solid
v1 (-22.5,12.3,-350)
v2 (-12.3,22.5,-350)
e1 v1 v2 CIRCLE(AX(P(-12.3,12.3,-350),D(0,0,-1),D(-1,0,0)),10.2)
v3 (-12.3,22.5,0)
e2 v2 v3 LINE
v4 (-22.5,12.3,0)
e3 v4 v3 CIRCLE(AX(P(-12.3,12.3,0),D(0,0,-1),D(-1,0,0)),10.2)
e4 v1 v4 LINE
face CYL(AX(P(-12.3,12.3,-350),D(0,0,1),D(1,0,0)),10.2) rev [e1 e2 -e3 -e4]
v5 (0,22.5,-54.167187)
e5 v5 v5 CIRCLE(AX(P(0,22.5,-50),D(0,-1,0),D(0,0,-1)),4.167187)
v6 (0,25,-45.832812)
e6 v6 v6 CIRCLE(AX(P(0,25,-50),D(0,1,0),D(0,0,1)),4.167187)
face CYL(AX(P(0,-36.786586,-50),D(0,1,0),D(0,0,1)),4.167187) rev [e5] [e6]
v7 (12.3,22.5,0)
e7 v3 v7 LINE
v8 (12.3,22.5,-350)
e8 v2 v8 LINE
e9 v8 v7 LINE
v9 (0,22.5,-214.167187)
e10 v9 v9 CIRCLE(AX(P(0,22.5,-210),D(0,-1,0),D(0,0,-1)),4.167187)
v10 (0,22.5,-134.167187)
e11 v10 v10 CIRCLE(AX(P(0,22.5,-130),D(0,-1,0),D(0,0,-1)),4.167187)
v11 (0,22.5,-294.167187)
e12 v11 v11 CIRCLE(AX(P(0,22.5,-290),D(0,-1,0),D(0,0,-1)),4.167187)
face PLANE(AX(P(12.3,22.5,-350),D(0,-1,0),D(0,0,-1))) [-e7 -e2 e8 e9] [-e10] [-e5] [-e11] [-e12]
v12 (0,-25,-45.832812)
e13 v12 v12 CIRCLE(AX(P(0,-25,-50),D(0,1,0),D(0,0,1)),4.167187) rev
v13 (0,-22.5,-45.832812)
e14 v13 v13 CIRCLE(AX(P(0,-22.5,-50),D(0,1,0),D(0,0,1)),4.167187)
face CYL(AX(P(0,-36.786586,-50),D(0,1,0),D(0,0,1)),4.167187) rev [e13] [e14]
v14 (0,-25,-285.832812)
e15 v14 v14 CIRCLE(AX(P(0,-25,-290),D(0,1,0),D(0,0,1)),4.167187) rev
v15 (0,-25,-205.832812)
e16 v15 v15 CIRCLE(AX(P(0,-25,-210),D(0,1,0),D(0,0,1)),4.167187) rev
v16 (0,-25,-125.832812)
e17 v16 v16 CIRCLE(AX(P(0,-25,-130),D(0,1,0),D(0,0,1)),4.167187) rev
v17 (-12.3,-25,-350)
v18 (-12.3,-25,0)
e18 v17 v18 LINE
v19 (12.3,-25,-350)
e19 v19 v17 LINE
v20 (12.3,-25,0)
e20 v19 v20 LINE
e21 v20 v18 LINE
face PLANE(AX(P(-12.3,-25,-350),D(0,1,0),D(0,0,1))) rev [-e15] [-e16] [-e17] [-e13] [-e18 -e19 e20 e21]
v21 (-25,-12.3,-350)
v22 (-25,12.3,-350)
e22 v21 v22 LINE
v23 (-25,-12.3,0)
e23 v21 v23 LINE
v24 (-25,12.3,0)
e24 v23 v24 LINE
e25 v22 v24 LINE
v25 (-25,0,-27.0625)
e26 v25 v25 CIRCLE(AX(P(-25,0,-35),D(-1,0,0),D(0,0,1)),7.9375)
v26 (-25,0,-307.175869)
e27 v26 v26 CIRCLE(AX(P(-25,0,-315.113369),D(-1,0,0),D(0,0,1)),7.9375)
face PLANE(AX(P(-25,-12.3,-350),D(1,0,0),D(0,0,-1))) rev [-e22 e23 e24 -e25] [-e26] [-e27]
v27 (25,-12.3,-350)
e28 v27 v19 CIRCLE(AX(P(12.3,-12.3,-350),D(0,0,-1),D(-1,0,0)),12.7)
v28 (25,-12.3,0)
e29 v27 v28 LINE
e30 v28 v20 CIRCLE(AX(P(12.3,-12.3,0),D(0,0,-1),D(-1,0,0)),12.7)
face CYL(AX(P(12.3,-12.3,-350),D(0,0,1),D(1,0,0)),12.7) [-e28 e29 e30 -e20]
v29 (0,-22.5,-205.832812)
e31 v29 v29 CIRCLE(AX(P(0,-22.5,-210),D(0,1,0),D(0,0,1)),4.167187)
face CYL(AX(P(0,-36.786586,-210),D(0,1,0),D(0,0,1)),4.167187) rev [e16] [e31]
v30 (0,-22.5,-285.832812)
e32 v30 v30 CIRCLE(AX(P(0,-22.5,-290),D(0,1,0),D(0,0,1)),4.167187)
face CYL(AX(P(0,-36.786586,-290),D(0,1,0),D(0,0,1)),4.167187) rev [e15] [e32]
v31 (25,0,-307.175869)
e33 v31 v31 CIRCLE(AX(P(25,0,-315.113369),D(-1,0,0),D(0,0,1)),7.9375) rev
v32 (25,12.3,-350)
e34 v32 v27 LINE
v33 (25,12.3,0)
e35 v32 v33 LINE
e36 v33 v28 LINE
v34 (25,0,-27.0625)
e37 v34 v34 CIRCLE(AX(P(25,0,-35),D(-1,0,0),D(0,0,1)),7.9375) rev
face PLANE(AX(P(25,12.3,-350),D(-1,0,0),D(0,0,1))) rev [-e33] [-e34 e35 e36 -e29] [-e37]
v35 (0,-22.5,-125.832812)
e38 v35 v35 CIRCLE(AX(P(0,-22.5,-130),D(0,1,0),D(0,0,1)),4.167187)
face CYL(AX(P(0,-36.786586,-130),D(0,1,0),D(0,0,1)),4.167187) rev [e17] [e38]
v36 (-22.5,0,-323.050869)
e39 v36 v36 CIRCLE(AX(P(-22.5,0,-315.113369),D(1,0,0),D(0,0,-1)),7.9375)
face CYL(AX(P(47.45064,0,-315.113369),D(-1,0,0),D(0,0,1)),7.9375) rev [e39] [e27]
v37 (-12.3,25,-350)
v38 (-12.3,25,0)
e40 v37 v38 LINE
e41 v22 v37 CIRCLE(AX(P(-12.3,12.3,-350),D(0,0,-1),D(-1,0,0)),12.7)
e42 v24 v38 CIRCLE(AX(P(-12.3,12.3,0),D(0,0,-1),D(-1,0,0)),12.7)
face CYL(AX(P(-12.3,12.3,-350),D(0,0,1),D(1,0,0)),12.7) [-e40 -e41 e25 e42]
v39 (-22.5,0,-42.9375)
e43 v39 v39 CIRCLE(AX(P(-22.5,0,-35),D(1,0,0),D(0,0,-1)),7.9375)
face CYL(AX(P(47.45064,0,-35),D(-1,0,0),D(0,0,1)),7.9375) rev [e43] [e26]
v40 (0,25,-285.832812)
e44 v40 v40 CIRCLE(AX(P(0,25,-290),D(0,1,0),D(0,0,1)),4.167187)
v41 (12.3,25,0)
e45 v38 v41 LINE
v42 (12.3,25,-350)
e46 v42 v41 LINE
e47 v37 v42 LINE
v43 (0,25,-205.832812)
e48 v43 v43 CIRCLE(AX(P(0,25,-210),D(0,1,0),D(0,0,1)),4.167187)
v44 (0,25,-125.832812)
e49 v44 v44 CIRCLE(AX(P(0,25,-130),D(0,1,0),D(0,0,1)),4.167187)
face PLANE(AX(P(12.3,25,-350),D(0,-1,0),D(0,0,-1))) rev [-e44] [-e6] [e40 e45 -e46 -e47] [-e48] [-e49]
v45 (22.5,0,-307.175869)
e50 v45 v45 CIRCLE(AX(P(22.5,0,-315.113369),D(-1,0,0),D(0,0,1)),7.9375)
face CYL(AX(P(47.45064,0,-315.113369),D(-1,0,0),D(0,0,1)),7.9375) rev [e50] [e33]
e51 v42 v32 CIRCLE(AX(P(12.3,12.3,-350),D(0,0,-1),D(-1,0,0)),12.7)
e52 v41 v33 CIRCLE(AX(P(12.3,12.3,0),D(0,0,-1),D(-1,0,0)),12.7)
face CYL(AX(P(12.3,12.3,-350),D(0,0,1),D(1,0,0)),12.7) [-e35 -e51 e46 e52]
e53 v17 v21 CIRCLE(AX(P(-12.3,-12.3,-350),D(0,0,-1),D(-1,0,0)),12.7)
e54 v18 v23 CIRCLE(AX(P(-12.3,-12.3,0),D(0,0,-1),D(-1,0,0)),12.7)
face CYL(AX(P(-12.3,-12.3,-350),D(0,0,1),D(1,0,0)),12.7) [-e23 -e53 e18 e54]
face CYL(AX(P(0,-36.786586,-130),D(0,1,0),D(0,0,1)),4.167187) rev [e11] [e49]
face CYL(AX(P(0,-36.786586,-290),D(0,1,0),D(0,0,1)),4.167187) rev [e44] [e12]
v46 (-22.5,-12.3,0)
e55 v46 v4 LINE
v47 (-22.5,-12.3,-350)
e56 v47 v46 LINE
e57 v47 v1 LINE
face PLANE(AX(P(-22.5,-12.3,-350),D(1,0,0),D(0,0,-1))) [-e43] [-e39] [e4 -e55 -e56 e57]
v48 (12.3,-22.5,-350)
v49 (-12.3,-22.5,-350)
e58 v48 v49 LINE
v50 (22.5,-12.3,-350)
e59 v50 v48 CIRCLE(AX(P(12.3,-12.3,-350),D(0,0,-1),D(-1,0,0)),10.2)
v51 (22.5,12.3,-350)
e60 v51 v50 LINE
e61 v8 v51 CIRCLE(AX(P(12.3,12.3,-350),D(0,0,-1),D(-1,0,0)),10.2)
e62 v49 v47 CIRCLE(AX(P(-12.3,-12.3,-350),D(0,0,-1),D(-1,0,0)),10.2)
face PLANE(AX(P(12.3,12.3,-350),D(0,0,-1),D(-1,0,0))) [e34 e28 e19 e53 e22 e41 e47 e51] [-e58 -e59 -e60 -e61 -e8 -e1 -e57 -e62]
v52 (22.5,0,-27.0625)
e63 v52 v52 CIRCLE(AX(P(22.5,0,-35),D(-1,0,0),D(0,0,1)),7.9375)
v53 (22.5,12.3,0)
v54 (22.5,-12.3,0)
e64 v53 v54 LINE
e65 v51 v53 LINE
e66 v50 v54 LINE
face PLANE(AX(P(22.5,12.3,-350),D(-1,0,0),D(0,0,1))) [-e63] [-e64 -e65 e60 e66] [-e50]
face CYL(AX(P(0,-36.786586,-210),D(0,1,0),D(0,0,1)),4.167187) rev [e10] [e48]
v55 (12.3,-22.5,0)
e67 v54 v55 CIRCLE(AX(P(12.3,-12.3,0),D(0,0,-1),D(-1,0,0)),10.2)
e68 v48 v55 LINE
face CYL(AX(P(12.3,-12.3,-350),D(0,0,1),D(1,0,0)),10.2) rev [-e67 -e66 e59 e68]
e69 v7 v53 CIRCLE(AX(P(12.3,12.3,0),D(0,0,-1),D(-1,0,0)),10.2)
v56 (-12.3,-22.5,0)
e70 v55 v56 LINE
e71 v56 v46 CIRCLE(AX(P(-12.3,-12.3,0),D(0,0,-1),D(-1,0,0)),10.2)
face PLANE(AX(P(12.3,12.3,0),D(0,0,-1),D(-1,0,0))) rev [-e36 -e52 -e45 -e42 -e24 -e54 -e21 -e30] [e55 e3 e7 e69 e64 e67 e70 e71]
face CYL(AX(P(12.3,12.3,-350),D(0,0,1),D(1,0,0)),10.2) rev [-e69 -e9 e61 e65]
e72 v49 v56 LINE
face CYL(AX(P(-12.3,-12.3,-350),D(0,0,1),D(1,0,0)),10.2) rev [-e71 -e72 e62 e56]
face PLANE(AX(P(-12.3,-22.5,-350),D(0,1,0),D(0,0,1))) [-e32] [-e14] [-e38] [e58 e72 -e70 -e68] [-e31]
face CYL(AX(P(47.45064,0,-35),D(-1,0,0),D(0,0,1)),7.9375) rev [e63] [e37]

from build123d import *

# Parameters (mm, degrees)
SQUARE_TUBE_2_X_2_X_0_25_1_DEPTH = 350
CUT_EXTRUDE1_REACH               = 356.436
SKETCH16_R                       = 7.9375
CUT_EXTRUDE2_REACH               = 356.436
SKETCH18_R                       = 7.9375
CUT_EXTRUDE3_REACH               = 356.436
SKETCH19_R                       = 4.1671875


with BuildPart() as part:
    # Sketch15 → Square tube 2 X 2 X 0.25(1) (new body)
    with BuildSketch(Plane.YX):
        with BuildLine():
            Line((-12.3, -25), (12.3, -25))
            ThreePointArc((12.3, -25), (21.280256121, -21.280256121), (25, -12.3))
            Line((25, -12.3), (25, 12.3))
            ThreePointArc((25, 12.3), (21.280256121, 21.280256121), (12.3, 25))
            Line((12.3, 25), (-12.3, 25))
            ThreePointArc((-12.3, 25), (-21.280256121, 21.280256121), (-25, 12.3))
            Line((-25, 12.3), (-25, -12.3))
            ThreePointArc((-25, -12.3), (-21.280256121, -21.280256121), (-12.3, -25))
        make_face()
        with BuildLine():
            Line((-12.3, -22.5), (12.3, -22.5))
            ThreePointArc((12.3, -22.5), (19.512489168, -19.512489168), (22.5, -12.3))
            Line((22.5, -12.3), (22.5, 12.3))
            ThreePointArc((22.5, 12.3), (19.512489168, 19.512489168), (12.3, 22.5))
            Line((12.3, 22.5), (-12.3, 22.5))
            ThreePointArc((-12.3, 22.5), (-19.512489168, 19.512489168), (-22.5, 12.3))
            Line((-22.5, 12.3), (-22.5, -12.3))
            ThreePointArc((-22.5, -12.3), (-19.512489168, -19.512489168), (-12.3, -22.5))
        make_face(mode=Mode.SUBTRACT)
    extrude(amount=SQUARE_TUBE_2_X_2_X_0_25_1_DEPTH)

    # Cut-Extrude1: up to this face of the body (flat: up to its plane)
    cut_extrude1_end = Plane(part.part.faces().sort_by_distance((25, 0, -175))[0])
    # Sketch16 → Cut-Extrude1 (cut, up to the picked face)
    with BuildSketch(Plane.ZY.offset(25), mode=Mode.PRIVATE) as cut_extrude1_sk1:
        with Locations((-35, 0)):
            Circle(SKETCH16_R)
    cut_extrude1_tool1 = split(extrude(cut_extrude1_sk1.sketch, amount=-CUT_EXTRUDE1_REACH, mode=Mode.PRIVATE), bisect_by=cut_extrude1_end, keep=Keep.BOTH, mode=Mode.PRIVATE)
    add(cut_extrude1_tool1.solids().sort_by(Axis((-25, 0, -35), (1, 0, 0)))[0], mode=Mode.SUBTRACT)

    # Cut-Extrude2: up to this face of the body (flat: up to its plane)
    cut_extrude2_end = Plane(part.part.faces().sort_by_distance((25, 0, -178.294144468))[0])
    # Sketch18 → Cut-Extrude2 (cut, up to the picked face)
    with BuildSketch(Plane.ZY.offset(25), mode=Mode.PRIVATE) as cut_extrude2_sk1:
        with Locations((-315.113369307, 0)):
            Circle(SKETCH18_R)
    cut_extrude2_tool1 = split(extrude(cut_extrude2_sk1.sketch, amount=-CUT_EXTRUDE2_REACH, mode=Mode.PRIVATE), bisect_by=cut_extrude2_end, keep=Keep.BOTH, mode=Mode.PRIVATE)
    add(cut_extrude2_tool1.solids().sort_by(Axis((-25, 0, -315.113369), (1, 0, 0)))[0], mode=Mode.SUBTRACT)

    # Cut-Extrude3: up to this face of the body (flat: up to its plane)
    cut_extrude3_end = Plane(part.part.faces().sort_by_distance((0, -25, -175))[0])
    # Sketch19 → Cut-Extrude3 (cut, up to the picked face)
    with BuildSketch(Plane(origin=(0, 25, 0), x_dir=(-1, 0, 0), z_dir=(0, 1, 0)), mode=Mode.PRIVATE) as cut_extrude3_sk1:
        with Locations(Location((0, -290, 0), (0, 0, 90))):
            Circle(SKETCH19_R)
    cut_extrude3_tool1 = split(extrude(cut_extrude3_sk1.sketch, amount=-CUT_EXTRUDE3_REACH, mode=Mode.PRIVATE), bisect_by=cut_extrude3_end, keep=Keep.BOTH, mode=Mode.PRIVATE)
    # Sketch19 → Cut-Extrude3 (cut, up to the picked face)
    with BuildSketch(Plane(origin=(0, 25, 0), x_dir=(-1, 0, 0), z_dir=(0, 1, 0)), mode=Mode.PRIVATE) as cut_extrude3_sk2:
        with Locations(Location((0, -210, 0), (0, 0, 90))):
            Circle(SKETCH19_R)
    cut_extrude3_tool2 = split(extrude(cut_extrude3_sk2.sketch, amount=-CUT_EXTRUDE3_REACH, mode=Mode.PRIVATE), bisect_by=cut_extrude3_end, keep=Keep.BOTH, mode=Mode.PRIVATE)
    # Sketch19 → Cut-Extrude3 (cut, up to the picked face)
    with BuildSketch(Plane(origin=(0, 25, 0), x_dir=(-1, 0, 0), z_dir=(0, 1, 0)), mode=Mode.PRIVATE) as cut_extrude3_sk3:
        with Locations(Location((0, -130, 0), (0, 0, 90))):
            Circle(SKETCH19_R)
    cut_extrude3_tool3 = split(extrude(cut_extrude3_sk3.sketch, amount=-CUT_EXTRUDE3_REACH, mode=Mode.PRIVATE), bisect_by=cut_extrude3_end, keep=Keep.BOTH, mode=Mode.PRIVATE)
    # Sketch19 → Cut-Extrude3 (cut, up to the picked face)
    with BuildSketch(Plane(origin=(0, 25, 0), x_dir=(-1, 0, 0), z_dir=(0, 1, 0)), mode=Mode.PRIVATE) as cut_extrude3_sk4:
        with Locations(Location((0, -50, 0), (0, 0, 90))):
            Circle(SKETCH19_R)
    cut_extrude3_tool4 = split(extrude(cut_extrude3_sk4.sketch, amount=-CUT_EXTRUDE3_REACH, mode=Mode.PRIVATE), bisect_by=cut_extrude3_end, keep=Keep.BOTH, mode=Mode.PRIVATE)
    add(cut_extrude3_tool1.solids().sort_by(Axis((0, 25, -290), (0, -1, 0)))[0], mode=Mode.SUBTRACT)
    add(cut_extrude3_tool2.solids().sort_by(Axis((0, 25, -210), (0, -1, 0)))[0], mode=Mode.SUBTRACT)
    add(cut_extrude3_tool3.solids().sort_by(Axis((0, 25, -130), (0, -1, 0)))[0], mode=Mode.SUBTRACT)
    add(cut_extrude3_tool4.solids().sort_by(Axis((0, 25, -50), (0, -1, 0)))[0], mode=Mode.SUBTRACT)


solid = part.part
